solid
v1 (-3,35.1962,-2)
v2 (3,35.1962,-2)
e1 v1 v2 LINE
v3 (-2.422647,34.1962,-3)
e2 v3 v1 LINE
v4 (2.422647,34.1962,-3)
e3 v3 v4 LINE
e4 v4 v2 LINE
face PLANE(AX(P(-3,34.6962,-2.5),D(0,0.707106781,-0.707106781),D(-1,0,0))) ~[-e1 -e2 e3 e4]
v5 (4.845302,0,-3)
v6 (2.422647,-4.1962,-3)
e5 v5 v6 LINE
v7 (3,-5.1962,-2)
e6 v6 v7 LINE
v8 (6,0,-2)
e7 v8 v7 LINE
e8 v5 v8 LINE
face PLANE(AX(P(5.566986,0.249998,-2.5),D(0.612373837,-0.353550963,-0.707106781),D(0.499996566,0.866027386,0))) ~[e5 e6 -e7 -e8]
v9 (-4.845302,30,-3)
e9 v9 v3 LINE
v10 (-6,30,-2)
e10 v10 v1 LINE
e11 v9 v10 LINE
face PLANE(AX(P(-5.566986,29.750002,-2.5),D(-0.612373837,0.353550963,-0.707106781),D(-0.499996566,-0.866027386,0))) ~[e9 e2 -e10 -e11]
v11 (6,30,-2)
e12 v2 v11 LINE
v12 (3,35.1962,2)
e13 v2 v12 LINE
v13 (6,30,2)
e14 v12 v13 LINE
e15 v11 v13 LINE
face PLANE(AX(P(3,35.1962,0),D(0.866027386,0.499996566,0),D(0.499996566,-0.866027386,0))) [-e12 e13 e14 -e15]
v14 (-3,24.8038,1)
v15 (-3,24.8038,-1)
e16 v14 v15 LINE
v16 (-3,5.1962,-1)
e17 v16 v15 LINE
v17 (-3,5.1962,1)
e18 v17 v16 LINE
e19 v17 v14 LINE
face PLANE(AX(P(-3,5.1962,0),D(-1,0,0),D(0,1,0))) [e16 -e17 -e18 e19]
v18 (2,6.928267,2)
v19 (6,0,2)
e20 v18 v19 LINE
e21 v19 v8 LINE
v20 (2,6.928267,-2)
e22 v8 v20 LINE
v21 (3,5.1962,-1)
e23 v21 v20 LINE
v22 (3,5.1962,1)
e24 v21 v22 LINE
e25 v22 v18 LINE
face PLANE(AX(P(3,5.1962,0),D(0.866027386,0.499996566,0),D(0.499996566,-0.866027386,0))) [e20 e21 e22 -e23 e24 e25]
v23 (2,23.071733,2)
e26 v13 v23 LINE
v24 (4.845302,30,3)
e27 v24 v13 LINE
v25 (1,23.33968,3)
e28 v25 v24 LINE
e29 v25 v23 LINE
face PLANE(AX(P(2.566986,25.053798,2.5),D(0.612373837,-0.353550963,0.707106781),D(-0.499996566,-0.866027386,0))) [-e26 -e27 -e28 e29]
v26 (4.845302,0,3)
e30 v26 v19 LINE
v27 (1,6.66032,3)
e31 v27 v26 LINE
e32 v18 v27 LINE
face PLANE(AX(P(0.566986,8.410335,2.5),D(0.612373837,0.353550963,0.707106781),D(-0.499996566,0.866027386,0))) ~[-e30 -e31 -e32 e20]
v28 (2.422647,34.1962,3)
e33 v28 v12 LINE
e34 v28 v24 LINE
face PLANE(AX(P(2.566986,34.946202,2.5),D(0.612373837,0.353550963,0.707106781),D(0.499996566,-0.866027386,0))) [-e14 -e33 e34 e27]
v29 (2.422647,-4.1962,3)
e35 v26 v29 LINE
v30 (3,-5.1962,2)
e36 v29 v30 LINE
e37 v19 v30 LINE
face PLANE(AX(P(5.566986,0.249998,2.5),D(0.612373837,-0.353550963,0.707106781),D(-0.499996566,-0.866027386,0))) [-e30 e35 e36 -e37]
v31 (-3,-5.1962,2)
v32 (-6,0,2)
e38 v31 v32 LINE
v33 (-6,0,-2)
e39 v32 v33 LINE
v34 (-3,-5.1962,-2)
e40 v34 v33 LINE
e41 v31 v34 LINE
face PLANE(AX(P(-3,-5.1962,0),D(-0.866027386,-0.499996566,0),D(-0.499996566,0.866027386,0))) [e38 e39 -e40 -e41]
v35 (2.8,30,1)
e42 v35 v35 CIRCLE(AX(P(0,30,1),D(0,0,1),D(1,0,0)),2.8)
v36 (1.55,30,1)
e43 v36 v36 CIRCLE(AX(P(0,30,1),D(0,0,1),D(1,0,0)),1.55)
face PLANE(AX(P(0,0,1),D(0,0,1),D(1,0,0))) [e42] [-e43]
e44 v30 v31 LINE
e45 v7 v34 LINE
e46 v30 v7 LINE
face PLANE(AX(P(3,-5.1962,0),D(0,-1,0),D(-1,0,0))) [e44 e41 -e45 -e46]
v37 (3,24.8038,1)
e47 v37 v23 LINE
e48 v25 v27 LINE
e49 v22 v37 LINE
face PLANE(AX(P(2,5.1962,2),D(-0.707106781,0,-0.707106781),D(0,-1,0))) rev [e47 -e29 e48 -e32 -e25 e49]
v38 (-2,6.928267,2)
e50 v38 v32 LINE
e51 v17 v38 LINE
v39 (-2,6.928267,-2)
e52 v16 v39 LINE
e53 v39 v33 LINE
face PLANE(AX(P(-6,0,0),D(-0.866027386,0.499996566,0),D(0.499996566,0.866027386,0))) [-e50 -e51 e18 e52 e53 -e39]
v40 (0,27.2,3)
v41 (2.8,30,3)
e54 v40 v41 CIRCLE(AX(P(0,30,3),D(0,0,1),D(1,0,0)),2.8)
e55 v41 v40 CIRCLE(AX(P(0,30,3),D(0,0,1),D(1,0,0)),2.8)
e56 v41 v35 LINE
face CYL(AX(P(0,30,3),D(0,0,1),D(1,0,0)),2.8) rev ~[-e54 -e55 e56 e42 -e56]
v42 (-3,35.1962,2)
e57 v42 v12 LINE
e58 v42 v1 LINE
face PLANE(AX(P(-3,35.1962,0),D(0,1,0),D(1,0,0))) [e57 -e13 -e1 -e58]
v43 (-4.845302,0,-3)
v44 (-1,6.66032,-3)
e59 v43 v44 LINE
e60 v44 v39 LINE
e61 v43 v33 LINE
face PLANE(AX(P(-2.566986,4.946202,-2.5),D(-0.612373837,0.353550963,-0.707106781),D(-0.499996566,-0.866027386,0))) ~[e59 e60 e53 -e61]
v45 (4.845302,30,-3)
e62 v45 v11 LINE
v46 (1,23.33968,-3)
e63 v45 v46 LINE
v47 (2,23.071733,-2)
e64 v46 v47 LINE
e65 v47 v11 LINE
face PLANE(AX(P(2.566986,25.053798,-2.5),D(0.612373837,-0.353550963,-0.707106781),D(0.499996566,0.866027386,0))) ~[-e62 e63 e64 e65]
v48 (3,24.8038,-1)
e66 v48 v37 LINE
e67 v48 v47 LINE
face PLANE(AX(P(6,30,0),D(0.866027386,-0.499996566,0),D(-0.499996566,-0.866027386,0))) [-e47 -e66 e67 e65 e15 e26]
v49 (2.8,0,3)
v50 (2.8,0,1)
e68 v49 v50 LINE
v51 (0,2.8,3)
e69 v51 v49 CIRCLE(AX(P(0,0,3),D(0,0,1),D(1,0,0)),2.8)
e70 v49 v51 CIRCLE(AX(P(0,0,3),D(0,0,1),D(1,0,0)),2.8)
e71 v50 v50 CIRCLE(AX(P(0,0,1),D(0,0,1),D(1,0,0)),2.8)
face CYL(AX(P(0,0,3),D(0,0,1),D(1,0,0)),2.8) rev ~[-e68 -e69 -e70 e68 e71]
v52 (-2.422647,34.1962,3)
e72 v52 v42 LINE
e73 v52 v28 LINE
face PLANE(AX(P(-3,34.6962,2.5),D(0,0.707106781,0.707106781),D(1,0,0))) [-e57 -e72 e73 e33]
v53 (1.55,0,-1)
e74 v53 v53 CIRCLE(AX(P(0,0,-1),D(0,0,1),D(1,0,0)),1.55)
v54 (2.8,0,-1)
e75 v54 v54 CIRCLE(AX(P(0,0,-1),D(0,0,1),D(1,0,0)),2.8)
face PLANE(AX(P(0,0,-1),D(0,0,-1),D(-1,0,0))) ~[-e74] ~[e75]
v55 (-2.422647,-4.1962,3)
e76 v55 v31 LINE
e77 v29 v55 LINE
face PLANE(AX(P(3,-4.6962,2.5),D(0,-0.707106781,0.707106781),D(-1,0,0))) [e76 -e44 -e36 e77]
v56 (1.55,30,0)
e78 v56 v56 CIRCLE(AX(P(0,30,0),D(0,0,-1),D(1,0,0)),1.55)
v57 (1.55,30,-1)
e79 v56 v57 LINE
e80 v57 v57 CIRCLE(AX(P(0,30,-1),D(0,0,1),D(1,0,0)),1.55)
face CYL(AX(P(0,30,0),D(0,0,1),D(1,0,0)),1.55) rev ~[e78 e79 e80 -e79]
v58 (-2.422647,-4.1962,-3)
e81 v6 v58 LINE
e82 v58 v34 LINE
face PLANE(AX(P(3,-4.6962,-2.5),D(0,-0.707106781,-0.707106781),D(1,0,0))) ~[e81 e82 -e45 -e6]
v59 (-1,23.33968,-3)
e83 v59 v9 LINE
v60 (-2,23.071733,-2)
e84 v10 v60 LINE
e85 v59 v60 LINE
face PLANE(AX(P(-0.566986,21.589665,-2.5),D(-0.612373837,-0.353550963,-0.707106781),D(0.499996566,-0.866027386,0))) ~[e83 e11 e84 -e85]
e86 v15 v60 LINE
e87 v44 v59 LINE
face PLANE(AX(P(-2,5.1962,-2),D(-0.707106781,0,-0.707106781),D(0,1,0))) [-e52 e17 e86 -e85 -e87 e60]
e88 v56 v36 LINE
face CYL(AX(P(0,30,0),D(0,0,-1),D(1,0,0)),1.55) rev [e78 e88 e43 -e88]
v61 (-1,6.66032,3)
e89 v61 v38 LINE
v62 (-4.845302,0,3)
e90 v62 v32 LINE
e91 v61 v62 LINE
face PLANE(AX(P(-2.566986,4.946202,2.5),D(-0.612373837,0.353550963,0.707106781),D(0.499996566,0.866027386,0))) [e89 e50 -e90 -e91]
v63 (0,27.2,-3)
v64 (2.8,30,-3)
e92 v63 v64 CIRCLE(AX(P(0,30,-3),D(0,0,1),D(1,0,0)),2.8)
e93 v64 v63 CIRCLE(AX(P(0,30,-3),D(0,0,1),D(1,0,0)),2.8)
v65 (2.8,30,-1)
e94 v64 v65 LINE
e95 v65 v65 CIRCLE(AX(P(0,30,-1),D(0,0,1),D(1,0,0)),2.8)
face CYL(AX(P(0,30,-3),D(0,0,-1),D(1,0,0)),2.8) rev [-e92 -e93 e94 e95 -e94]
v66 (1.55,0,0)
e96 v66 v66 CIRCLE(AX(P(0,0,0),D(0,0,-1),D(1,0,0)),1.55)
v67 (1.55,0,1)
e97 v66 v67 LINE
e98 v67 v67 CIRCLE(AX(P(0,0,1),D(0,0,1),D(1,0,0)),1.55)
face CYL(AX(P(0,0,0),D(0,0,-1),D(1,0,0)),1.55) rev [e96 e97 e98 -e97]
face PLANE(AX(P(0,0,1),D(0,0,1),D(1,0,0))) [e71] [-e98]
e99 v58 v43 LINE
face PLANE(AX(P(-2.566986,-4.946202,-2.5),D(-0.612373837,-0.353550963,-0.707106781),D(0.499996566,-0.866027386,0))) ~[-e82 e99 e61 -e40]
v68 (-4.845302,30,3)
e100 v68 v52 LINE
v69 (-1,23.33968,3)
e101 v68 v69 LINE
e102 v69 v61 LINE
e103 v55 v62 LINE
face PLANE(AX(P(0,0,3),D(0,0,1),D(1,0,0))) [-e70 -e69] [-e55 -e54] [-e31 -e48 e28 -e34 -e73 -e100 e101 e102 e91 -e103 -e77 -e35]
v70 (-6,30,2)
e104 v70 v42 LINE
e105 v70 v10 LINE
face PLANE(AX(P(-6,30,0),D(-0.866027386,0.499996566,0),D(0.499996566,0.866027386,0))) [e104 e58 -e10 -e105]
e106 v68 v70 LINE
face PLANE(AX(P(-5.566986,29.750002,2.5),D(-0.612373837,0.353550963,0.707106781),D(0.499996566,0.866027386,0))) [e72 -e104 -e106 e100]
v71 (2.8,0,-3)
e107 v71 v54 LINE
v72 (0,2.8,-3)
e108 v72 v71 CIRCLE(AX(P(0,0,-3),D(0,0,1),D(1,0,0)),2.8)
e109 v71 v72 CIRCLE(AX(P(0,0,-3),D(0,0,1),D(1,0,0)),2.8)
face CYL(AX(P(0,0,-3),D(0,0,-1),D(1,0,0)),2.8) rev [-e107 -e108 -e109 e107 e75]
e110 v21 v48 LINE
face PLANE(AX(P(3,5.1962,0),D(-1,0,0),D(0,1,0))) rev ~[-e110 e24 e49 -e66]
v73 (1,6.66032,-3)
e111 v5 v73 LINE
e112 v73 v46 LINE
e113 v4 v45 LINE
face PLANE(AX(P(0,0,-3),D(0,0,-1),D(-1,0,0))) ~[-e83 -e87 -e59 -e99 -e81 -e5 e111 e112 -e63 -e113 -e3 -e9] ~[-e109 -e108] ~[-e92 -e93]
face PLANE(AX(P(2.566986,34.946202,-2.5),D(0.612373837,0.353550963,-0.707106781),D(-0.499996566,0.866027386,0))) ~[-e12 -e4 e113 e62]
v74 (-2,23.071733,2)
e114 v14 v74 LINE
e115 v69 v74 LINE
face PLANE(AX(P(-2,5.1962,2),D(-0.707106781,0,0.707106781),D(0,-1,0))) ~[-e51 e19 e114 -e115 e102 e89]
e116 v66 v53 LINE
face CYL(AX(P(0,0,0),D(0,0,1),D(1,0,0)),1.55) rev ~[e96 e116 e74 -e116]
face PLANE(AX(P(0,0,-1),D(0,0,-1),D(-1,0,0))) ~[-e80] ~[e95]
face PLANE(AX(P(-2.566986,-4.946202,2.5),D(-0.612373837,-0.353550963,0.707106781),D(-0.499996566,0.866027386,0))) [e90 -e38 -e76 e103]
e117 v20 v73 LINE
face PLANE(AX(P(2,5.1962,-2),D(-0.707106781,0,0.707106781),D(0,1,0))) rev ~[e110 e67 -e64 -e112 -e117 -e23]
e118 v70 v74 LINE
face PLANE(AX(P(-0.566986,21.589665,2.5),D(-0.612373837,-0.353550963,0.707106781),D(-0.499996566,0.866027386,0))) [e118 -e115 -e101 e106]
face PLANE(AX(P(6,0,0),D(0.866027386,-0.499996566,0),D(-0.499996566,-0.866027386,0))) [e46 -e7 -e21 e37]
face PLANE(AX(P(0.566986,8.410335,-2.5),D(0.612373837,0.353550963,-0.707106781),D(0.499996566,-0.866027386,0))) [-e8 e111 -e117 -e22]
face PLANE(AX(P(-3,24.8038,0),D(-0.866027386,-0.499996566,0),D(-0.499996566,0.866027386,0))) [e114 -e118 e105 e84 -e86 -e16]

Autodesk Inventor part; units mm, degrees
ref_plane "YZ Plane" through (0, 0, 0) normal (1, 0, 0) x (0, 1, 0)
ref_plane "XZ Plane" through (0, 0, 0) normal (0, 1, 0) x (-1, 0, 0)
ref_plane "XY Plane" through (0, 0, 0) normal (0, 0, 1) x (1, 0, 0)
sketch "Sketch1" plane through (0, 0, 0) normal (0, 0, 1) x (1, 0, 0)
  circle A0 centre (0, 0) radius 1.55
  circle A1 centre (0, 0) radius 3
  line L0 (0, 0) -> (0, 30)
  circle A2 centre (0, 30) radius 1.55
  circle A3 centre (0, 30) radius 3
  line L1 (3, 0) -> (3, 30)
  line L2 (-3, 0) -> (-3, 30)
  line L3 (6, 30) -> (3, 24.8038)
  line L4 (3, 24.8038) -> (-3, 24.8038)
  line L5 (-3, 24.8038) -> (-6, 30)
  line L6 (-6, 30) -> (-3, 35.1962)
  line L7 (-3, 35.1962) -> (3, 35.1962)
  line L8 (3, 35.1962) -> (6, 30)
  line L9 (6, 0) -> (3, -5.1962)
  line L10 (3, -5.1962) -> (-3, -5.1962)
  line L11 (-3, -5.1962) -> (-6, 0)
  line L12 (-6, 0) -> (-3, 5.1962)
  line L13 (-3, 5.1962) -> (3, 5.1962)
  line L14 (3, 5.1962) -> (6, 0)
  point P0 (3, 24.8038)
  point P1 (-3, 24.8038)
  dimension "d0" = 3.1
  dimension "d1" = 6
  dimension "d2" = 30
  dimension "d3" = 3.1
  dimension "d4" = 6
  dimension "d5" = 30
  dimension "d6" = 3
  dimension "d7" = 6
  dimension "d8" = 6
extrude "Extrusion1" add sketch "Sketch1" along normal blind 3
sketch "Sketch2" plane through (0, 0, 3) normal (0, 0, 1) x (1, 0, 0)
  circle A0 centre (0, 0) radius 2.8
  line L0 (3, 5.1962) -> (3, 24.8038) projected
  line L1 (3, 24.8038) -> (6, 30) projected
  line L2 (6, 30) -> (3, 35.1962) projected
  line L3 (3, 35.1962) -> (-3, 35.1962) projected
  line L4 (-3, 35.1962) -> (-6, 30) projected
  line L5 (-6, 30) -> (-3, 24.8038) projected
  line L6 (-3, 24.8038) -> (-3, 5.1962) projected
  line L7 (-3, 5.1962) -> (-6, 0) projected
  line L8 (-6, 0) -> (-3, -5.1962) projected
  line L9 (-3, -5.1962) -> (3, -5.1962) projected
  line L10 (3, -5.1962) -> (6, 0) projected
  line L11 (6, 0) -> (3, 5.1962) projected
  circle A1 centre (0, 30) radius 1.55 projected
  circle A2 centre (0, 0) radius 1.55 projected
  circle A3 centre (0, 30) radius 2.8
  dimension "d11" = 5.6
  dimension "d12" = 5.6
extrude "Extrusion2" cut sketch "Sketch2" against normal blind 2 contours A0 | A3
chamfer "Chamfer1" distance 2 angle 45 2 edges at (-3, 15, 3) (3, 15, 3)
chamfer "Chamfer2" distance 1 angle 45 10 edges at (-4.5, 2.5981, 3) (-4.5, -2.5981, 3) (0, -5.1962, 3) (4.5, -2.5981, 3) (4.5, 2.5981, 3) (4.5, 27.4019, 3) (-4.5, 27.4019, 3) (4.5, 32.5981, 3) (0, 35.1962, 3) (-4.5, 32.5981, 3)
mirror "Mirror1" about plane through (0, 15, 0) normal (0, 0, -1)
equation "\"d0\" = d3"
equation "\"d1\" = d4"
equation "\"d5\" = d2"
equation "\"d8\" = d7"
equation "\"d12\" = d11"
properties part number "Tibia Joint"
